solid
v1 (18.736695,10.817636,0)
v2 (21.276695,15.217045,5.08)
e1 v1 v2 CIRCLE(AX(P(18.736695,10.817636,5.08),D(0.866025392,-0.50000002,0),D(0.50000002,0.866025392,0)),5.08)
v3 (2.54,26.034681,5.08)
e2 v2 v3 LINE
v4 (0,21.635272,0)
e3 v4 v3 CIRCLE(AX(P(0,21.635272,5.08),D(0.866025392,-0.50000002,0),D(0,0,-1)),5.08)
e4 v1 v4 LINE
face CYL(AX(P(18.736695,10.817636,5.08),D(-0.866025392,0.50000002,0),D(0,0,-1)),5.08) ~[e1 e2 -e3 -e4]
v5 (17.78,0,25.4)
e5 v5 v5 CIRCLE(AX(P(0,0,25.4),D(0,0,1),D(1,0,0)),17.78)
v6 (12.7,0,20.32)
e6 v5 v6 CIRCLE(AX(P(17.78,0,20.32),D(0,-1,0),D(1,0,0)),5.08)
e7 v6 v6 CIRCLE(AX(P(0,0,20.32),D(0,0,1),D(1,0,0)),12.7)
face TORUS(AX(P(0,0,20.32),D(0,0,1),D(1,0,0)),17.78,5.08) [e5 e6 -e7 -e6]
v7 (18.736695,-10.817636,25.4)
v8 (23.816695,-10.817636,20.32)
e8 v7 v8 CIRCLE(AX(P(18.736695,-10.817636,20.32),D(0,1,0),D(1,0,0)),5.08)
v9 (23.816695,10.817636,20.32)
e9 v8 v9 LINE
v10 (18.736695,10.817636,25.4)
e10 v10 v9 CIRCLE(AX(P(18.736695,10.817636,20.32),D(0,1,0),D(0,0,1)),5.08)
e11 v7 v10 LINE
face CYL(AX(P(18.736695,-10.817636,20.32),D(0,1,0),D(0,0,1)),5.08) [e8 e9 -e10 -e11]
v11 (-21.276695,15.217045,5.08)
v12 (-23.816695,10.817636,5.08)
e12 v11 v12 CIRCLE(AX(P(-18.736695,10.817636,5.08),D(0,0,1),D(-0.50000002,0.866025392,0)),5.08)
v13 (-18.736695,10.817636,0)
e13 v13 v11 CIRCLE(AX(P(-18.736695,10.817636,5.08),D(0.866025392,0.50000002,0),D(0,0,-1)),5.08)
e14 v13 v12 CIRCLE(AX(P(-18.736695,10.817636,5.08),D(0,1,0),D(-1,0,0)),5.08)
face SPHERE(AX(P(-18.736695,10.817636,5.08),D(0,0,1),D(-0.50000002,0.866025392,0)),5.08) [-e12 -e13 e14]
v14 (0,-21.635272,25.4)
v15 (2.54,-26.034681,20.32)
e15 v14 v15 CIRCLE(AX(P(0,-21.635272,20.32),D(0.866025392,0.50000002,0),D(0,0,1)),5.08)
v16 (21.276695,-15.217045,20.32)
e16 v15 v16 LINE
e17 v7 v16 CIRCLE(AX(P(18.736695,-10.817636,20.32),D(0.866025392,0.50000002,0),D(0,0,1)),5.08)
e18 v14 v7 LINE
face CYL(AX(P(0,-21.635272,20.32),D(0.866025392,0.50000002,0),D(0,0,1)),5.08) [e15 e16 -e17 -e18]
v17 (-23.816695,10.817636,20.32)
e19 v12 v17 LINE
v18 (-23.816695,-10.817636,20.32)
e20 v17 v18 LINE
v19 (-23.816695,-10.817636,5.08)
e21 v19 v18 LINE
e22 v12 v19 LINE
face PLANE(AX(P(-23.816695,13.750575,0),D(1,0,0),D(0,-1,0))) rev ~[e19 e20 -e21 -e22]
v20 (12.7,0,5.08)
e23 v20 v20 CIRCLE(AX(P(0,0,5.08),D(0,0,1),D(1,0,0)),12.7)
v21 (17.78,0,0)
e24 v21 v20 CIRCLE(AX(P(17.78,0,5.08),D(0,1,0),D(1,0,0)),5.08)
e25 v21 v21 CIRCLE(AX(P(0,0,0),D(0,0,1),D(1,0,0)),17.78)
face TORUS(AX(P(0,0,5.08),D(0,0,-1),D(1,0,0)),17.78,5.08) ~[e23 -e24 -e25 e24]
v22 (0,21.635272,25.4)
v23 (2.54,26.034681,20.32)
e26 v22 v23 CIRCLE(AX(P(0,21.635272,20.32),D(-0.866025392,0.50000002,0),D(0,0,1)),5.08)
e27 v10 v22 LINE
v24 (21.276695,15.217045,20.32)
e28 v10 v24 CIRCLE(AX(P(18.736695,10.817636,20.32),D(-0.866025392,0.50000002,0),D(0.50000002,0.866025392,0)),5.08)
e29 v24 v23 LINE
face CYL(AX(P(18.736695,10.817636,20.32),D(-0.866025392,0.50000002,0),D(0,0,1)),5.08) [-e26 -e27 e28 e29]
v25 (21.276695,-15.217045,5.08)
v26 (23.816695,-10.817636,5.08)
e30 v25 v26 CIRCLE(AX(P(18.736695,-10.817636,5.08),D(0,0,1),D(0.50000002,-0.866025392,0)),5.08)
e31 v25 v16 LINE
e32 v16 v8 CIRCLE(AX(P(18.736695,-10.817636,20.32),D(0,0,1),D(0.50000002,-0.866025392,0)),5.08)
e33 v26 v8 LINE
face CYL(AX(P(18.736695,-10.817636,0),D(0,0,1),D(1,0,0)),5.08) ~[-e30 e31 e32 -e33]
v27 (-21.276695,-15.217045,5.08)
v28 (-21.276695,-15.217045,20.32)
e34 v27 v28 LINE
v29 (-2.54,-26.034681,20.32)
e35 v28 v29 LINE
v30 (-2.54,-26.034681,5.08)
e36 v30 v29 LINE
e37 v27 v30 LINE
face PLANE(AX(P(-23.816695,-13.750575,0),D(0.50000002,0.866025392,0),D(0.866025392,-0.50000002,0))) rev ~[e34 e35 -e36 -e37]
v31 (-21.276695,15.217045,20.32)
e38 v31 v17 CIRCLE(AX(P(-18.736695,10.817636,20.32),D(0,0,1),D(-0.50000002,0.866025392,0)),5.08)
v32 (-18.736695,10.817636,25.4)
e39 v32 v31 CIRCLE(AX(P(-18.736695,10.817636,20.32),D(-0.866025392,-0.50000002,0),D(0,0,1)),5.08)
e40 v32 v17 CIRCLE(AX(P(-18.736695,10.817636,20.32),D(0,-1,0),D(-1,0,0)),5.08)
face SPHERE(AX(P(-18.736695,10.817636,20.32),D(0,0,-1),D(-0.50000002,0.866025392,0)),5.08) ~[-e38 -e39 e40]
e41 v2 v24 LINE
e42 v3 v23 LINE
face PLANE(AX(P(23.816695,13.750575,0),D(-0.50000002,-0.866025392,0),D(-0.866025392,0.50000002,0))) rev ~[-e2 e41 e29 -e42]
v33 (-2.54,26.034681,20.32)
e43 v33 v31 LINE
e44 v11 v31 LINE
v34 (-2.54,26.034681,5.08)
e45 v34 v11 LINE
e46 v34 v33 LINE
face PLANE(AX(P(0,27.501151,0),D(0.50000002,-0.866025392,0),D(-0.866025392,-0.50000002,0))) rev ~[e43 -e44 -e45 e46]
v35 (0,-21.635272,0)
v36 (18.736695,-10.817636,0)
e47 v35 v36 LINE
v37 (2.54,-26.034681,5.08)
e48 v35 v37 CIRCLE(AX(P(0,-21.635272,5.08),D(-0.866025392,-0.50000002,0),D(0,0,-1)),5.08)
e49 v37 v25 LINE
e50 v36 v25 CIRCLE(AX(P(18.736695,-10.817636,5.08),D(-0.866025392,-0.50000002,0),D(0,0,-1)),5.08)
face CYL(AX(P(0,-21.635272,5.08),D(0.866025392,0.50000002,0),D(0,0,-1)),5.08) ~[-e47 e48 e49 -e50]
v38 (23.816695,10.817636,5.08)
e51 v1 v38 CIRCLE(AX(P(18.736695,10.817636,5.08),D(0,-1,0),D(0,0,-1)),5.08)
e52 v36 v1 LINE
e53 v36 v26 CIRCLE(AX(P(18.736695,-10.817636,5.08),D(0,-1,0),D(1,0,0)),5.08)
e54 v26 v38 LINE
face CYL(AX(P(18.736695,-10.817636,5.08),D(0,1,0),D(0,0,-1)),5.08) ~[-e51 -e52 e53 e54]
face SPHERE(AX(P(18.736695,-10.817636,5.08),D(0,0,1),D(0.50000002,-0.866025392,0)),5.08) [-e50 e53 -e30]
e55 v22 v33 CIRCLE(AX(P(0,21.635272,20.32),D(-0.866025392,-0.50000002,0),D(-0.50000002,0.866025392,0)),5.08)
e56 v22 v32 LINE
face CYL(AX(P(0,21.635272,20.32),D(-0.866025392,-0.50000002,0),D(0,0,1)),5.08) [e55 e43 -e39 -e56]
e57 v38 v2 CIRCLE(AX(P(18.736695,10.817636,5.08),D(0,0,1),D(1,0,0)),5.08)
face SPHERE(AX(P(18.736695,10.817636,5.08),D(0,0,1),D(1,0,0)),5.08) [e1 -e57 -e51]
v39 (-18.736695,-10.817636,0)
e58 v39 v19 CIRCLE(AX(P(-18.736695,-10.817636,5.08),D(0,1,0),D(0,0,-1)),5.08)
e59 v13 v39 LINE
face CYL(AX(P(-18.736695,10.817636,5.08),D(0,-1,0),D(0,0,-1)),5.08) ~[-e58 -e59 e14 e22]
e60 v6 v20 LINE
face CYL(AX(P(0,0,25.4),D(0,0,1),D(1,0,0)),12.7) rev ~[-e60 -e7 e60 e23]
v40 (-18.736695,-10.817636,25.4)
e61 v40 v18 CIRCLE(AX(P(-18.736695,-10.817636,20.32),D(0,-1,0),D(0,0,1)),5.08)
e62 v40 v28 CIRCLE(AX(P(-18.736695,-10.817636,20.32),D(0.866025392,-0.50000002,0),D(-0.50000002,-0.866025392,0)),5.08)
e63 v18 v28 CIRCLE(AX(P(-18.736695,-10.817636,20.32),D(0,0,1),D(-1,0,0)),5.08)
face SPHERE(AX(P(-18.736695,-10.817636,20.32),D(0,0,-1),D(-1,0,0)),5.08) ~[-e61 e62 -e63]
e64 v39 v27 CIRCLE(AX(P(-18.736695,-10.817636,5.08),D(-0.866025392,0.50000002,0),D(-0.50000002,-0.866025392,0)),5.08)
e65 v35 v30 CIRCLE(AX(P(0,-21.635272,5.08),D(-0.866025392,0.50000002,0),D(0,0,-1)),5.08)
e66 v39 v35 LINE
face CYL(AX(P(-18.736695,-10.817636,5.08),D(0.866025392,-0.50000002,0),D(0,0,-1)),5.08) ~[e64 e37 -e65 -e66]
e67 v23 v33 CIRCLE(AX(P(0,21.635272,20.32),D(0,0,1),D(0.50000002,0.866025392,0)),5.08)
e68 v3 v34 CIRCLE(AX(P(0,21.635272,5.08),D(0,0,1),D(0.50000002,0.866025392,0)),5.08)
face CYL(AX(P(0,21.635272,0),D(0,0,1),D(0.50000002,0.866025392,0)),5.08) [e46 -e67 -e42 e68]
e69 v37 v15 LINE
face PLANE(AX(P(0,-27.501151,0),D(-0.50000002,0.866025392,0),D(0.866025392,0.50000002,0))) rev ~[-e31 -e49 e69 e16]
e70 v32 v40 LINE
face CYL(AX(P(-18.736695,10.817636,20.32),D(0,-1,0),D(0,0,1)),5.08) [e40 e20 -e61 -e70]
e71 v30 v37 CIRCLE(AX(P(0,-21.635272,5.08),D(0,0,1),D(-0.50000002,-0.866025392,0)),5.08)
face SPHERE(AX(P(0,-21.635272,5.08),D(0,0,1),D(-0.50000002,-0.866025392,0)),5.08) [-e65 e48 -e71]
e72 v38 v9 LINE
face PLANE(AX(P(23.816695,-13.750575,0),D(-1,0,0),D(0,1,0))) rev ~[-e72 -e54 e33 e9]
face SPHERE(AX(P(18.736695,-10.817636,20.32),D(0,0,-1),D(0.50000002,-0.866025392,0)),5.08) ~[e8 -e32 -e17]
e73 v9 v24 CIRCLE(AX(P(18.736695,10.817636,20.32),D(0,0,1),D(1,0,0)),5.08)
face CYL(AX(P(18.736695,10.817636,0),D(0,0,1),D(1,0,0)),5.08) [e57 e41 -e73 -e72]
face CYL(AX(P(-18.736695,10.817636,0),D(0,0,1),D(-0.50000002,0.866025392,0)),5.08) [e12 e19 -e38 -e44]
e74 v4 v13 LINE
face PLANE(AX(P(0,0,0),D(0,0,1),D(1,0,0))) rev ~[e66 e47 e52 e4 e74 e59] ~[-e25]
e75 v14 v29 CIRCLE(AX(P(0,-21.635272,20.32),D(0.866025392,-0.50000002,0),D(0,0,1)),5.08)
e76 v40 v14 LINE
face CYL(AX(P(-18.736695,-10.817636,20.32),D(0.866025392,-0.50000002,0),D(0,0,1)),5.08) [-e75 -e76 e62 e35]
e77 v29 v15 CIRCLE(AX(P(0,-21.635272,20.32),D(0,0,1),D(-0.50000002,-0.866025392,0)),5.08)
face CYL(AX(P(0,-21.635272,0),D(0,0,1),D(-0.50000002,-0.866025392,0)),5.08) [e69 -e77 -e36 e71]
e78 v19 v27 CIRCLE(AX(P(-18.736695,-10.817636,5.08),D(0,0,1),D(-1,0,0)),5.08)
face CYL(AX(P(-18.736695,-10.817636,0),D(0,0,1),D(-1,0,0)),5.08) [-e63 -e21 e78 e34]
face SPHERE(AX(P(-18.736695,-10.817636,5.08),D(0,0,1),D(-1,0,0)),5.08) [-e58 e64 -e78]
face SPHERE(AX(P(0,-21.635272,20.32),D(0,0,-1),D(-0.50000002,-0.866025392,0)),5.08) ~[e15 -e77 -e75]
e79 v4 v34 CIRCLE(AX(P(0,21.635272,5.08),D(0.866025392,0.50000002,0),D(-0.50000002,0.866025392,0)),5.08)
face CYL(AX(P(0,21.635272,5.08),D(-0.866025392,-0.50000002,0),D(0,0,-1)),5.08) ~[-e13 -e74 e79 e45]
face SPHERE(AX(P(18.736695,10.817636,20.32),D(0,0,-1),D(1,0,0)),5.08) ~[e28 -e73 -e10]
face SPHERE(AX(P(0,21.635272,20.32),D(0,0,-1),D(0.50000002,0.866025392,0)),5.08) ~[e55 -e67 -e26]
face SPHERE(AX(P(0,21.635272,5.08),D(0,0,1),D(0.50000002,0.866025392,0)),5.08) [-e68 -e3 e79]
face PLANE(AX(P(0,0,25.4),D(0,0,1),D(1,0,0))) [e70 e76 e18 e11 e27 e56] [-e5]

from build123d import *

# Parameters (mm, degrees)
F1_DEPTH = 25.4
F2_R     = 5.08
F3_R     = 5.08
F4_R     = 12.7
F5_DEPTH = 25.401
F6_R     = 5.08


with BuildPart() as f1:
    # F0 (on Top) → F1 (new body)
    with BuildSketch(Plane.XY):
        Polygon((23.816695, -13.750575), (23.816695, 13.750575), (0, 27.501151), (-23.816695, 13.750575), (-23.816695, -13.750575), (0, -27.501151), align=None)
    extrude(amount=F1_DEPTH)

    # F2
    f2_edges = [f1.edges().sort_by_distance(p)[0] for p in [
        (23.816695, 13.750575, 12.7),
        (0, 27.501151, 12.7),
        (23.816695, -13.750575, 12.7),
        (0, -27.501151, 12.7),
        (-23.816695, -13.750575, 12.7),
        (-23.816695, 13.750575, 12.7),
    ]]
    fillet(f2_edges, radius=F2_R)

    # F3
    f3_edges = [f1.edges().sort_by_distance(p)[0] for p in [
        (11.908348, -20.625863, 25.4),
        (0, -26.715272, 25.4),
        (23.136104, -13.357636, 25.4),
        (-11.908348, -20.625863, 25.4),
        (23.816695, 0, 25.4),
        (-23.136104, -13.357636, 25.4),
        (23.136104, 13.357636, 25.4),
        (-23.816695, 0, 25.4),
        (11.908348, 20.625863, 25.4),
        (-23.136104, 13.357636, 25.4),
        (0, 26.715272, 25.4),
        (-11.908348, 20.625863, 25.4),
        (11.908348, -20.625863, 0),
        (0, -26.715272, 0),
        (23.136104, -13.357636, 0),
        (-11.908348, -20.625863, 0),
        (23.816695, 0, 0),
        (-23.136104, -13.357636, 0),
        (23.136104, 13.357636, 0),
        (-23.816695, 0, 0),
        (11.908348, 20.625863, 0),
        (-23.136104, 13.357636, 0),
        (0, 26.715272, 0),
        (-11.908348, 20.625863, 0),
    ]]
    fillet(f3_edges, radius=F3_R)

    # F4 (on face) → F5 (cut, through all)
    with BuildSketch(Plane.XY.offset(25.4)):
        Circle(F4_R)
    extrude(amount=-F5_DEPTH, mode=Mode.SUBTRACT)

    # F6
    f6_edges = [f1.edges().sort_by_distance(p)[0] for p in [
        (-12.7, 0, 25.4),
        (12.7, 0, 12.7),
        (-12.7, 0, 0),
    ]]
    fillet(f6_edges, radius=F6_R)


solid = f1.part
